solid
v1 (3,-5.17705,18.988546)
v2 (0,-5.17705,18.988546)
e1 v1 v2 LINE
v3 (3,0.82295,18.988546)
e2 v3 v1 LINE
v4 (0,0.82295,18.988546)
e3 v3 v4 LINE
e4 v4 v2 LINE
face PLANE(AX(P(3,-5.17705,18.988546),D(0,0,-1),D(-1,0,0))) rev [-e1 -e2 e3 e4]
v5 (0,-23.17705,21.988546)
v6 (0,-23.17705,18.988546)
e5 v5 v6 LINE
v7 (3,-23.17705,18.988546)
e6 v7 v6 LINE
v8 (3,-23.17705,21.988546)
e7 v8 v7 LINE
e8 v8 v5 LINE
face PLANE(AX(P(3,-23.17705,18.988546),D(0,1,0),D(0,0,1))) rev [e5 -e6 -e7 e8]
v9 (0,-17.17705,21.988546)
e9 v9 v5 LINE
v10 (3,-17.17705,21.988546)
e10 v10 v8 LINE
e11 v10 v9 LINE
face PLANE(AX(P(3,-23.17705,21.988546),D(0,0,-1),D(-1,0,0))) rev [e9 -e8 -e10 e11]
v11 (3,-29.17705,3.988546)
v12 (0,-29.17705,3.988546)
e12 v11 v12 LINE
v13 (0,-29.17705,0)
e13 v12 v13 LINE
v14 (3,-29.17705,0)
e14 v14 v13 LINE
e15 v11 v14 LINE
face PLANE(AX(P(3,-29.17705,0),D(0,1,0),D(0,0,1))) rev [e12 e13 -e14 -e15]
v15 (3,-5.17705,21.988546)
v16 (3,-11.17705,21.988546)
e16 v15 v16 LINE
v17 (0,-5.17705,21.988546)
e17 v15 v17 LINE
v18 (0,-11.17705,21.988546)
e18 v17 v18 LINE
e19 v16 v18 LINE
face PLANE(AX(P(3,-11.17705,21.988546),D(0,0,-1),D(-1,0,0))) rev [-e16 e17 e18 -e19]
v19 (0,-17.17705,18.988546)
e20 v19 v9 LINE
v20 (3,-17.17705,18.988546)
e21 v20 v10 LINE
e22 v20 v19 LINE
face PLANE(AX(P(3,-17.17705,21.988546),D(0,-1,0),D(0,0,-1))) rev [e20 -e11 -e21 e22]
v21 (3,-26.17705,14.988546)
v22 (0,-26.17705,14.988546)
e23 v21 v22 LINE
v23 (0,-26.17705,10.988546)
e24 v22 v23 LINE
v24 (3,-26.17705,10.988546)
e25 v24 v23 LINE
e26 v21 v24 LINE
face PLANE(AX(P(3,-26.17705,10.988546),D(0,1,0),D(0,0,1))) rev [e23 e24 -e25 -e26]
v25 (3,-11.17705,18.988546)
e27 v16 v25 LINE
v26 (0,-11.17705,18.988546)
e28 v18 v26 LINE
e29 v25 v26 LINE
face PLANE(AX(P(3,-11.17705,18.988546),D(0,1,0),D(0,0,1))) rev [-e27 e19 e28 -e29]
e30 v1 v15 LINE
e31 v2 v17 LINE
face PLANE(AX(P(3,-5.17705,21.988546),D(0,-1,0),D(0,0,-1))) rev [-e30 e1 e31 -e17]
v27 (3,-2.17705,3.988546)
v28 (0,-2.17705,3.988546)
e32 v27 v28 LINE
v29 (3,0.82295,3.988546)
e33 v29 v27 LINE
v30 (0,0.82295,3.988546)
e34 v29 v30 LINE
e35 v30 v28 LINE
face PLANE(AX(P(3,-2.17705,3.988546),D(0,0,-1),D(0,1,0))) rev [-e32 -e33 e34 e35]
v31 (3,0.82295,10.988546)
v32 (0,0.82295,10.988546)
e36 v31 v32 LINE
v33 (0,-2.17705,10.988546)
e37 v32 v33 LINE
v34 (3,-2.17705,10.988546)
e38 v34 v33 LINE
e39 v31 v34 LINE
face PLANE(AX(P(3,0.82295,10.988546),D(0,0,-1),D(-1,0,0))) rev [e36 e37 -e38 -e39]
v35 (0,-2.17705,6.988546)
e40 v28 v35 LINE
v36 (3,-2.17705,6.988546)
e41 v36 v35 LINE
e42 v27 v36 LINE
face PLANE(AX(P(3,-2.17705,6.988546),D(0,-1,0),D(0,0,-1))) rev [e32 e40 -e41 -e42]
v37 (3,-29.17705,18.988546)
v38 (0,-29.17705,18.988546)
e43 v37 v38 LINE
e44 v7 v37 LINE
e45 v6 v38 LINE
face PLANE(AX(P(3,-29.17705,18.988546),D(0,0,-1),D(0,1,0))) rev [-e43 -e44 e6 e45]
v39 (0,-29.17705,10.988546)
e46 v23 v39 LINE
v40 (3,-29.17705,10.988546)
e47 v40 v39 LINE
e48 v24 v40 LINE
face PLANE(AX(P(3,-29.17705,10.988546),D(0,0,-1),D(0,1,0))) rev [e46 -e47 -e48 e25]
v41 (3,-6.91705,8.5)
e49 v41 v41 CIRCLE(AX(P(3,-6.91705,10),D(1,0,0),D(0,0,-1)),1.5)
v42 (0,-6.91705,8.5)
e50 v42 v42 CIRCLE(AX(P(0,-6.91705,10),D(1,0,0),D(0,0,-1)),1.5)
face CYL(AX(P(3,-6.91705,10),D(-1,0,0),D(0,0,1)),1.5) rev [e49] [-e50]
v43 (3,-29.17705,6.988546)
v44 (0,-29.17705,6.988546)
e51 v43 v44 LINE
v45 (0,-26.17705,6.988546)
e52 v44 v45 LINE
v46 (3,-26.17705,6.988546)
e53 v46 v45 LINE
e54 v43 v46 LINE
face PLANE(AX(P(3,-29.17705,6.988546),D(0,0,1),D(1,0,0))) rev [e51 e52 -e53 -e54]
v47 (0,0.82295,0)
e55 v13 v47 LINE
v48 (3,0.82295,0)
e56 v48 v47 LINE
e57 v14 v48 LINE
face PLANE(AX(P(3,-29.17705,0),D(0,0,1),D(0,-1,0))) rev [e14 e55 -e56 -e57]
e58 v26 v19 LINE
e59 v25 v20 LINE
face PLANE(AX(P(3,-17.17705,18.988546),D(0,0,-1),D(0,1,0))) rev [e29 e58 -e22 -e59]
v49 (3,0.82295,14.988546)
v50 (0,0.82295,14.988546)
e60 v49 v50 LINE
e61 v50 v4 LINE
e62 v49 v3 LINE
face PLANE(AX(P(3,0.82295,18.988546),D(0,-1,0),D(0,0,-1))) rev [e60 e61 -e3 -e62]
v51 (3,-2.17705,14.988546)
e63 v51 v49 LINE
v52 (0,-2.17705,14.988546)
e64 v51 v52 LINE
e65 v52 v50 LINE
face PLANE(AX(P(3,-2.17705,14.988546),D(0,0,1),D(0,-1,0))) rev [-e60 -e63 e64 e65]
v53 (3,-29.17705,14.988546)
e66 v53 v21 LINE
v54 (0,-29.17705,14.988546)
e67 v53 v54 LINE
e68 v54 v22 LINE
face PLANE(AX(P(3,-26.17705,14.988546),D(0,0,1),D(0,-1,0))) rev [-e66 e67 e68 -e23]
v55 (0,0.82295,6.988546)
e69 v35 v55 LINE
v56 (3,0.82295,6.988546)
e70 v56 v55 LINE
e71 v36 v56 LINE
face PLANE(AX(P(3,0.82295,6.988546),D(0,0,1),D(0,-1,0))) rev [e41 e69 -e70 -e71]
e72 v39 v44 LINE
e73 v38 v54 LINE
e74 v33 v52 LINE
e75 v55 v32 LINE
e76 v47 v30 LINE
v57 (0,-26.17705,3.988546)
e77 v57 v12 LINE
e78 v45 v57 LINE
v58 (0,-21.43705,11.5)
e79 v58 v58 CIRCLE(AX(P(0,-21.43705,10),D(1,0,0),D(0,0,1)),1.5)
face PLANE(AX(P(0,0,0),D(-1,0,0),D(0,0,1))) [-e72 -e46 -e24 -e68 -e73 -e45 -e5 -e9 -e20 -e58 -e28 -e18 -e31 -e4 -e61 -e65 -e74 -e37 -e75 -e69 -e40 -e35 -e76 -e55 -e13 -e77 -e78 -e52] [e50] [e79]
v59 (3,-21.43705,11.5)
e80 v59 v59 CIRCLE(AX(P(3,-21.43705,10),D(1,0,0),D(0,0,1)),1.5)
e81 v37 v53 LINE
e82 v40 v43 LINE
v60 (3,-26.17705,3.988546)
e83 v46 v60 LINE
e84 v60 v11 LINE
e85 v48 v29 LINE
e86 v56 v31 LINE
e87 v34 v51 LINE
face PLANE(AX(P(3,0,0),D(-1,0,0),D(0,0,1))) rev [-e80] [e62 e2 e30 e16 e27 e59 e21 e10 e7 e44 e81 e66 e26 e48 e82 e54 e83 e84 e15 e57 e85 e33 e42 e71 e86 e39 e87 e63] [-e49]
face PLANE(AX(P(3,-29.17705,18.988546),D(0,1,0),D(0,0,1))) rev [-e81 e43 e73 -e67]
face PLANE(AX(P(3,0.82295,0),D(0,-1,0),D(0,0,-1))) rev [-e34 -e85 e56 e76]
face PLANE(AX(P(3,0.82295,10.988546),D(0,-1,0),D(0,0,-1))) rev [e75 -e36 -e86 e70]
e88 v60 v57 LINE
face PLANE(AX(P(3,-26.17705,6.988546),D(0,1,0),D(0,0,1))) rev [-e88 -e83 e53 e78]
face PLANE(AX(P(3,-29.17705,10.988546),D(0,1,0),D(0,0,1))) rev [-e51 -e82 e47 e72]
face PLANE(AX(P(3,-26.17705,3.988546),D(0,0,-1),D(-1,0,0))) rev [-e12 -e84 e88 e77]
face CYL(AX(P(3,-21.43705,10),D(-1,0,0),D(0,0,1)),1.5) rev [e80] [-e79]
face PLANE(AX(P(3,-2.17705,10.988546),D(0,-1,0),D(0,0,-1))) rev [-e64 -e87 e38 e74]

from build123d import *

# Parameters (mm, degrees)
SKETCH1_R           = 1.5
BOSS_EXTRUDE1_DEPTH = 3


with BuildPart() as part:
    # Sketch1 → Boss-Extrude1 (new body)
    with BuildSketch(Plane(origin=(0, 0, 0), x_dir=(0, 0, -1), z_dir=(1, 0, 0))):
        Polygon((0, -29.177050279), (-3.988546489, -29.177050279), (-3.988546489, -26.177050279), (-6.988546489, -26.177050279), (-6.988546489, -29.177050279), (-10.988546489, -29.177050279), (-10.988546489, -26.177050279), (-14.988546489, -26.177050279), (-14.988546489, -29.177050279), (-18.988546489, -29.177050279), (-18.988546489, -23.177050279), (-21.988546489, -23.177050279), (-21.988546489, -17.177050279), (-18.988546489, -17.177050279), (-18.988546489, -11.177050279), (-21.988546489, -11.177050279), (-21.988546489, -5.177050279), (-18.988546489, -5.177050279), (-18.988546489, 0.822949721), (-14.988546489, 0.822949721), (-14.988546489, -2.177050279), (-10.988546489, -2.177050279), (-10.988546489, 0.822949721), (-6.988546489, 0.822949721), (-6.988546489, -2.177050279), (-3.988546489, -2.177050279), (-3.988546489, 0.822949721), (0, 0.822949721), align=None)
        with Locations((-10, -6.917050279)):
            Circle(SKETCH1_R, mode=Mode.SUBTRACT)
        with Locations(Location((-10, -21.437050279, 0), (0, 0, 180))):
            Circle(SKETCH1_R, mode=Mode.SUBTRACT)
    extrude(amount=BOSS_EXTRUDE1_DEPTH)


solid = part.part
